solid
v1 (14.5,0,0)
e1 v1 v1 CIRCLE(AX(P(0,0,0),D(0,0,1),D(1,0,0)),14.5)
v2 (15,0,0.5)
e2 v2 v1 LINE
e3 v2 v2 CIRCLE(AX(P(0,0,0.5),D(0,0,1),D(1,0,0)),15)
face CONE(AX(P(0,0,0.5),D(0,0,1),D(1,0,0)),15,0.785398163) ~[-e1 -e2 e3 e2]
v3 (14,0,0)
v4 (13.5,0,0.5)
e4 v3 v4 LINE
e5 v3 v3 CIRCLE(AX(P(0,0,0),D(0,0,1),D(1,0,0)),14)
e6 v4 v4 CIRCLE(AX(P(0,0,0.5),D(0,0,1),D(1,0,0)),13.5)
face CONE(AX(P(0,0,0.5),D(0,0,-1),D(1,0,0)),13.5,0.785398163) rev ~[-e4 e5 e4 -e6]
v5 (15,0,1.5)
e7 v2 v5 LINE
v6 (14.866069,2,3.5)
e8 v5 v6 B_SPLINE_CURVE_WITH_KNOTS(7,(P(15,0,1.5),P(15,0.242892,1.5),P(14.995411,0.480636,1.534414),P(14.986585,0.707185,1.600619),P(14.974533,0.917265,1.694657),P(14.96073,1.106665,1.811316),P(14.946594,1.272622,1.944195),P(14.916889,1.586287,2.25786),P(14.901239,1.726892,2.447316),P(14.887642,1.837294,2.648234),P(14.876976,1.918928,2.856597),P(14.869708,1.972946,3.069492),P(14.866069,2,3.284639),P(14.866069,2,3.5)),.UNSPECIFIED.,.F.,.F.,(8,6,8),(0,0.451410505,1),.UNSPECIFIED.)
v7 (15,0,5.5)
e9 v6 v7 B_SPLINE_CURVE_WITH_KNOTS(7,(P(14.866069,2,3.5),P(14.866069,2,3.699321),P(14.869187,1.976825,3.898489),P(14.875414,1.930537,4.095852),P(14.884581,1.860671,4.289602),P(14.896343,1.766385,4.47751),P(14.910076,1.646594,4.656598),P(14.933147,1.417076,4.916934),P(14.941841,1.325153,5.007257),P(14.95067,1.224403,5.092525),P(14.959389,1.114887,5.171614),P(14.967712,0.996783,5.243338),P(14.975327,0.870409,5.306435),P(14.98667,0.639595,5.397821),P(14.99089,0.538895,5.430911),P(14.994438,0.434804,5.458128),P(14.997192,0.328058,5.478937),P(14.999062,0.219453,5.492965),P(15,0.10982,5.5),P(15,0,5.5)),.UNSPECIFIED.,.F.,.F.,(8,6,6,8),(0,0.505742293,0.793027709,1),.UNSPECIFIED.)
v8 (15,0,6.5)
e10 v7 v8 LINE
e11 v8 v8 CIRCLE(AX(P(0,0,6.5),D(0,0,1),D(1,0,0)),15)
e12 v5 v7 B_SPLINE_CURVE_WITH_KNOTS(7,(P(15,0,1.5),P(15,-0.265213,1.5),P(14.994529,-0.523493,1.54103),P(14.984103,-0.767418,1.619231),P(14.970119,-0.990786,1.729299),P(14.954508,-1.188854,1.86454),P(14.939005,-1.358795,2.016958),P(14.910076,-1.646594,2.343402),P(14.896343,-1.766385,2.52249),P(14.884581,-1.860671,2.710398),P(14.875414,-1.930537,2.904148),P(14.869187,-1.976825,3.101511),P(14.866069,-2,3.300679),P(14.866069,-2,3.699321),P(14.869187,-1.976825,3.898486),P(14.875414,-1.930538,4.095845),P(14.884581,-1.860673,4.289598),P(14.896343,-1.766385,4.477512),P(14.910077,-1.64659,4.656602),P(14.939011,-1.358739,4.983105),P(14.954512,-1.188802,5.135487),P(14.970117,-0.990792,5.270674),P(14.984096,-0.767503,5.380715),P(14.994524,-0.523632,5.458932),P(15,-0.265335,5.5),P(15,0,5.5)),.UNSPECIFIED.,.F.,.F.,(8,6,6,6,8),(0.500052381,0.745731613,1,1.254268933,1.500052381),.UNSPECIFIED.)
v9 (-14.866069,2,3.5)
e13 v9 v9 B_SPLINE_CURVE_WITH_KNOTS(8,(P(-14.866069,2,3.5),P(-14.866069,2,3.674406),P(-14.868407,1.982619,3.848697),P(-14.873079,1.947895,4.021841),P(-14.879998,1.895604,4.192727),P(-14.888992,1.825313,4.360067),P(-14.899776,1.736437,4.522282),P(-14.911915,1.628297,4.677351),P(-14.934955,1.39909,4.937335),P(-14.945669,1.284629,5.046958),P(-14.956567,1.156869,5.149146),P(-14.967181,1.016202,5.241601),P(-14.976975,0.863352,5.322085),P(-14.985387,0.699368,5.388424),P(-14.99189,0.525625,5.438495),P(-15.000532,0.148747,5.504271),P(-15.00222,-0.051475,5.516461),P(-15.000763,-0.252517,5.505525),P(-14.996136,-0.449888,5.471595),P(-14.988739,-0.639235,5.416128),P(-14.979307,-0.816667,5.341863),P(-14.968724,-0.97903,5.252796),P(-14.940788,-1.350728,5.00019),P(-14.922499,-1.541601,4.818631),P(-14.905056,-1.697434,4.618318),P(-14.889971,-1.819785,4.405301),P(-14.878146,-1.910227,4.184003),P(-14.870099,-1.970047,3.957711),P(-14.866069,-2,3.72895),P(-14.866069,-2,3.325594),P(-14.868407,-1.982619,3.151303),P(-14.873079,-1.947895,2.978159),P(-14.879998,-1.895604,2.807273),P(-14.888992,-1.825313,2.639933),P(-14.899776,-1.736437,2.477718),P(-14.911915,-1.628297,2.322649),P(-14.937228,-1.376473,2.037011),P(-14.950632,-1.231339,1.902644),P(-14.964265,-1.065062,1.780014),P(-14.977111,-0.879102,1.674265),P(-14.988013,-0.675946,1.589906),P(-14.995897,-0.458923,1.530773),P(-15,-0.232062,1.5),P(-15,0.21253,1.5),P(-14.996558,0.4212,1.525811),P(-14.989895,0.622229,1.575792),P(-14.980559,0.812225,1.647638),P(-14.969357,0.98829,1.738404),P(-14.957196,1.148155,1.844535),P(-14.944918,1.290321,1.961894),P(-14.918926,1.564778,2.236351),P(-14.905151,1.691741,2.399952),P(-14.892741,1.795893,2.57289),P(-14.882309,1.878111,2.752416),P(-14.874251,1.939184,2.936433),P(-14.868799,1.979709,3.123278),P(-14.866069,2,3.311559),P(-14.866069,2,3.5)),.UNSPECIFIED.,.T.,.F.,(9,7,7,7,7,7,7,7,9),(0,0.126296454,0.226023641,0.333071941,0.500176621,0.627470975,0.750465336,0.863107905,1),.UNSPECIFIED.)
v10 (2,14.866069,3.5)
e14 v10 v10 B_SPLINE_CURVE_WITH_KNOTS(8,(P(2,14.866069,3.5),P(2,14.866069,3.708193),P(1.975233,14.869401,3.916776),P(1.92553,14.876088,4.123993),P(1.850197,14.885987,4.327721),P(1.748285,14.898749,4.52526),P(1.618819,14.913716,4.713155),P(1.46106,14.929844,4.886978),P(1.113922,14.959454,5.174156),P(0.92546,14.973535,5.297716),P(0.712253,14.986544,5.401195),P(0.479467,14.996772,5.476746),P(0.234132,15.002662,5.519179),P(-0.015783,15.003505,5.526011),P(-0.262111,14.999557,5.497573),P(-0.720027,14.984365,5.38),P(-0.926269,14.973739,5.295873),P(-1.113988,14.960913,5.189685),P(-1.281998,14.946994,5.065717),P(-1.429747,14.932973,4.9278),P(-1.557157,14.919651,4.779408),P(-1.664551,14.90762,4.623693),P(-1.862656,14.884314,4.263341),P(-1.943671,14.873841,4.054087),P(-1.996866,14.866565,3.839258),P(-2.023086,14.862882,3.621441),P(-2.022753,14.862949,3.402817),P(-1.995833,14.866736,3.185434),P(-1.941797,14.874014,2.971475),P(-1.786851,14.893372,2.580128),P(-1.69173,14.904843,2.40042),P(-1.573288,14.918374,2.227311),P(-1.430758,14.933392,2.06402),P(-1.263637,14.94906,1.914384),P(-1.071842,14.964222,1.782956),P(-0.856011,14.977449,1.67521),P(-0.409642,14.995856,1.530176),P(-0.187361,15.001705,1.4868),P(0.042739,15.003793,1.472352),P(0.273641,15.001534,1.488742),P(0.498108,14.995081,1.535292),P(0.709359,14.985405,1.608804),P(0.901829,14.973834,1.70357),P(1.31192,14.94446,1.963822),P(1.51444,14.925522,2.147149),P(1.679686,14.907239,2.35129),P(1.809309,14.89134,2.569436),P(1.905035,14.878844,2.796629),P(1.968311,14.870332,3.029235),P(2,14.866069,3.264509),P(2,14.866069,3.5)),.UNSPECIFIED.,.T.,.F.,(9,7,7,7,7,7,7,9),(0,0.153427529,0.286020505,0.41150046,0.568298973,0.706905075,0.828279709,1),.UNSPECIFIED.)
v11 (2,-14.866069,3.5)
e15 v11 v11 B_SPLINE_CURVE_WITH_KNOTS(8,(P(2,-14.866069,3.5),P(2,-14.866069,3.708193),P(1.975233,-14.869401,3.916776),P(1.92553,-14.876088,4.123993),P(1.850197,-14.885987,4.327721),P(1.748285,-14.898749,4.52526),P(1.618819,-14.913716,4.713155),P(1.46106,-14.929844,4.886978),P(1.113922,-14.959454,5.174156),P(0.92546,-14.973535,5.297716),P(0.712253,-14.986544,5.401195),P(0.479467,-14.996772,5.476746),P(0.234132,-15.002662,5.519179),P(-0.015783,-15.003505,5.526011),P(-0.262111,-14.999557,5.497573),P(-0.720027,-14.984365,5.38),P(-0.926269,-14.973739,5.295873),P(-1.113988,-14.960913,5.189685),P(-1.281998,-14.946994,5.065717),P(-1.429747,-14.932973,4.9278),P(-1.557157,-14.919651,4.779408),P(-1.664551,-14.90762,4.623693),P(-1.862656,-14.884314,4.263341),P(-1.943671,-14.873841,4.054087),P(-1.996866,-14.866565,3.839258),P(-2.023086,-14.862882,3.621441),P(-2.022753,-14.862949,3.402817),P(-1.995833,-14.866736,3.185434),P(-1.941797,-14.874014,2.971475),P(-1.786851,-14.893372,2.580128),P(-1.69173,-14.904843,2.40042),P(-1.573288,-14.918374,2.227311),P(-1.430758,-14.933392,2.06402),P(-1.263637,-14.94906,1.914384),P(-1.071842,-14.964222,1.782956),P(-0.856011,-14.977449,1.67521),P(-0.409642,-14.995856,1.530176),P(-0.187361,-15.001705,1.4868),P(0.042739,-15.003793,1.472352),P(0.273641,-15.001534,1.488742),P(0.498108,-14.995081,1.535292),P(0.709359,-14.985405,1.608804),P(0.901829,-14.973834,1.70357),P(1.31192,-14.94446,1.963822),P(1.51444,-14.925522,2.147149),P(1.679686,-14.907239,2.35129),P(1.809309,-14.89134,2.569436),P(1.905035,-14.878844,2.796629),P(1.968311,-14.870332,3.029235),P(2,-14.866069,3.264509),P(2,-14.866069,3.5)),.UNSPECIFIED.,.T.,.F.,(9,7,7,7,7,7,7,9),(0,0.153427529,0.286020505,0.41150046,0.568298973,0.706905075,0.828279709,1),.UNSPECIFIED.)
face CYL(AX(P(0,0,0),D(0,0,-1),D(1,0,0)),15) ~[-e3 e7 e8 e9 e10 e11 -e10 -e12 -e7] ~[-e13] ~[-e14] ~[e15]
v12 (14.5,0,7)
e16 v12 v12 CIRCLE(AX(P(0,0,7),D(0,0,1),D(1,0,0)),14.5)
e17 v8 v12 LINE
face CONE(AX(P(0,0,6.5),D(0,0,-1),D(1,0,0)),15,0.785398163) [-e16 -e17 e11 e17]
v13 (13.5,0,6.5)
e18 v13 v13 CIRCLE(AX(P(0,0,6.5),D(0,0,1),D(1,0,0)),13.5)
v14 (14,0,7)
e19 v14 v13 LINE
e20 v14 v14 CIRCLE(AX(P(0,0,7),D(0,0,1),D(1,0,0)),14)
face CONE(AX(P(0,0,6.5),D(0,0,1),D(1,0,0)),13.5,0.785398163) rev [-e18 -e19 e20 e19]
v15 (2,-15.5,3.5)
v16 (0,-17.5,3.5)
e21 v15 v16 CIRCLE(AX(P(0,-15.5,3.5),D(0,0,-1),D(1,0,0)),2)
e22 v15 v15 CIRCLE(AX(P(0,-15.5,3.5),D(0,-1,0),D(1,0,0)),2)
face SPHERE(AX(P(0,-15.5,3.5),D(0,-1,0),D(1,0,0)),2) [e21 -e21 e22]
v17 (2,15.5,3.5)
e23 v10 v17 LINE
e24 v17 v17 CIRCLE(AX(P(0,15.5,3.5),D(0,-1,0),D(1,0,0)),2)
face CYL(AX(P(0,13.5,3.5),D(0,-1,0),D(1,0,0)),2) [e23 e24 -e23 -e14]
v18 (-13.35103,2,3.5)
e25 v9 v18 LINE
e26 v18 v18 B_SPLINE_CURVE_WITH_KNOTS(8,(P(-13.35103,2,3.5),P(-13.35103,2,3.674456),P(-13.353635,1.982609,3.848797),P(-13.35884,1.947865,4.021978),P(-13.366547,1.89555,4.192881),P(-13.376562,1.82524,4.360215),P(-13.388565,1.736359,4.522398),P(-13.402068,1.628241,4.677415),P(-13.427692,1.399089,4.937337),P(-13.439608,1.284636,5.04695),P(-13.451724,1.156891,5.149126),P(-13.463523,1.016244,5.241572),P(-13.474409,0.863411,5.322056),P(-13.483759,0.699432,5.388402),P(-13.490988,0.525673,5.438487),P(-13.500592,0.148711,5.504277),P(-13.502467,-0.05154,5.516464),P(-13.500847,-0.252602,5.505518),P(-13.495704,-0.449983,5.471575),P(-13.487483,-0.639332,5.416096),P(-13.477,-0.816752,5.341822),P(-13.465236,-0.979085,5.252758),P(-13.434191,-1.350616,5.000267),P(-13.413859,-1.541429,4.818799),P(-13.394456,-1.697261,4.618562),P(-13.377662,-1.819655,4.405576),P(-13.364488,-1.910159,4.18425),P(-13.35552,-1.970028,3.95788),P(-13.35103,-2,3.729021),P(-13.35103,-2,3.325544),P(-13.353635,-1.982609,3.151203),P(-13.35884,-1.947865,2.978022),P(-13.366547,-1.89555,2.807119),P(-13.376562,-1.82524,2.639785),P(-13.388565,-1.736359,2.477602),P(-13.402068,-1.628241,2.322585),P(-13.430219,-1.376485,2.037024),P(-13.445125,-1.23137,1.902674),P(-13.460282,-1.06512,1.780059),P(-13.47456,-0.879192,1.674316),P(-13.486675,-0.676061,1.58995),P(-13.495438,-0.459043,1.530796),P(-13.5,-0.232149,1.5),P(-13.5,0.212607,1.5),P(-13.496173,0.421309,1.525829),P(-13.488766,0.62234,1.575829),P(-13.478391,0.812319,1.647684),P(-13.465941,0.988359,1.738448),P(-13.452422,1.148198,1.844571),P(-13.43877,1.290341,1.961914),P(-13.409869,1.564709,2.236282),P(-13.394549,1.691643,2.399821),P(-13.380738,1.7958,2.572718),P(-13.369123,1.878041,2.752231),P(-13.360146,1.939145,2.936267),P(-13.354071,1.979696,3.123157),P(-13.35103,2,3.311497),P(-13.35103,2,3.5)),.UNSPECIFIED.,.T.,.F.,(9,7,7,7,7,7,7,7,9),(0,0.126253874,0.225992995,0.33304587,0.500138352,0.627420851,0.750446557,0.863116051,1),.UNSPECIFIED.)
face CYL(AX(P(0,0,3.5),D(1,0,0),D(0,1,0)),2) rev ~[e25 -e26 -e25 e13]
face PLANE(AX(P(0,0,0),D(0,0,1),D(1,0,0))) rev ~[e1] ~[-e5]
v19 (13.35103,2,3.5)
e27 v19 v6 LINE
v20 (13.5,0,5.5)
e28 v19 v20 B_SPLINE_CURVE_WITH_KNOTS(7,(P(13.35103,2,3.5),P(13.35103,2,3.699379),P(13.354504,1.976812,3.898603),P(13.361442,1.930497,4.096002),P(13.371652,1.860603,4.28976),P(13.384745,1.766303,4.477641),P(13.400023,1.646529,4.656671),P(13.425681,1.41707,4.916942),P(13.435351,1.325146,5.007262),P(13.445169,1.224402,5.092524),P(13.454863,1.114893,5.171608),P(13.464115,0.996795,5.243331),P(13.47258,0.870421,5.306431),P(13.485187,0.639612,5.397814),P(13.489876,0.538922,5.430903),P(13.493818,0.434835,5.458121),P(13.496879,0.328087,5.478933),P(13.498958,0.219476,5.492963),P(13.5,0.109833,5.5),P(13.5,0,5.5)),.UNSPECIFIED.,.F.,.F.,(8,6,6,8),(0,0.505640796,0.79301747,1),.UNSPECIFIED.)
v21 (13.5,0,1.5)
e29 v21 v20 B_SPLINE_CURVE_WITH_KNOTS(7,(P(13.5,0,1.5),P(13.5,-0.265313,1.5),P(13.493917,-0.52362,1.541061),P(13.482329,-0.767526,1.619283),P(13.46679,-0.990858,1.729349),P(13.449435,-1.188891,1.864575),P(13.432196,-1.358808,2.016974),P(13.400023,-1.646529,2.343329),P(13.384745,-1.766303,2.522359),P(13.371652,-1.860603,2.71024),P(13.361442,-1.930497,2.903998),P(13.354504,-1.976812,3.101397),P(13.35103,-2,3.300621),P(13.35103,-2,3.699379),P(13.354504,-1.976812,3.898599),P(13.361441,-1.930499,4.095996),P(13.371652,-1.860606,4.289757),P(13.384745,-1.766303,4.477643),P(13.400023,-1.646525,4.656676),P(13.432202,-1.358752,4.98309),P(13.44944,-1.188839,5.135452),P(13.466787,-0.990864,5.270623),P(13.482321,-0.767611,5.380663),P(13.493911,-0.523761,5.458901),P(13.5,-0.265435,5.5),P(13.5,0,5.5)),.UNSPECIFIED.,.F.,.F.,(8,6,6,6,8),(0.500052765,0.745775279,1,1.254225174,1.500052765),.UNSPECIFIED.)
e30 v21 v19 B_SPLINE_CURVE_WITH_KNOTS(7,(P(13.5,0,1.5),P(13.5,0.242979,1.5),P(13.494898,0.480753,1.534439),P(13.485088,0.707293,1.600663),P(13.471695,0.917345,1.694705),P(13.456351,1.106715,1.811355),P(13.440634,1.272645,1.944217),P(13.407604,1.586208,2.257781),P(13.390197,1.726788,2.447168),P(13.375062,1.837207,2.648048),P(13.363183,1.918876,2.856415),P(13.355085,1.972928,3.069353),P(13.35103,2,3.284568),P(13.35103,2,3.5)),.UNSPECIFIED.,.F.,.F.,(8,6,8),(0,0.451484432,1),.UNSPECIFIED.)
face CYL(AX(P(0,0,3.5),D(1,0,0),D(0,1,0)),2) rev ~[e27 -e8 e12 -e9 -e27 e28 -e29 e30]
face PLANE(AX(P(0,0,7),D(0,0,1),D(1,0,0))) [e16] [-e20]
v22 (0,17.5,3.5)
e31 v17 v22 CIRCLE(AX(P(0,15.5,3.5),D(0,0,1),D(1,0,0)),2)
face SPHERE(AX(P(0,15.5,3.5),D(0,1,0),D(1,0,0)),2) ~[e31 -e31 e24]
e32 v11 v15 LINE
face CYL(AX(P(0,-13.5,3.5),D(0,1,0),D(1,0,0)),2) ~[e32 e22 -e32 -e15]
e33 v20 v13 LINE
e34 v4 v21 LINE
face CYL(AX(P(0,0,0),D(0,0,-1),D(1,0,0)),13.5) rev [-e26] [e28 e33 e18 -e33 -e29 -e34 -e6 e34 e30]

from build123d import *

# Parameters (mm, degrees)
F0_R     = 15
F0_R_2   = 13.5
F1_DEPTH = 7
F2_R     = 2
F3_DEPTH = 20
F4_SIZE  = 0.5
F6_R     = 2
F7_DEPTH = 4
F9_R     = 2


with BuildPart() as f1:
    # F0 (on Top) → F1 (new body)
    with BuildSketch(Plane.XY):
        Circle(F0_R)
        Circle(F0_R_2, mode=Mode.SUBTRACT)
    extrude(amount=F1_DEPTH)

    # F2 (on Right) → F3 (cut, symmetric)
    with BuildSketch(Plane.YZ):
        with Locations((0, 3.5)):
            Circle(F2_R)
    extrude(amount=F3_DEPTH, both=True, mode=Mode.SUBTRACT)

    # F4
    f4_edges = [f1.edges().sort_by_distance(p)[0] for p in [
        (-15, 0, 7),
        (-13.5, 0, 7),
        (-15, 0, 0),
        (-13.5, 0, 0),
    ]]
    chamfer(f4_edges, length=F4_SIZE)

    # F6 (on offset) → F7 (join)
    with BuildSketch(Plane.XZ.offset(-13.5)):
        with Locations((0, 3.5)):
            Circle(F6_R)
    extrude(amount=-F7_DEPTH)

    # F8: F1 across plane


with BuildPart() as f1_1:
    add(f1.part)
    add(f1.part.mirror(Plane.XZ))

    # F9
    f9_edges = [f1_1.edges().sort_by_distance(p)[0] for p in [
        (-2, -17.5, 3.5),
        (-2, 17.5, 3.5),
    ]]
    fillet(f9_edges, radius=F9_R)


solid = f1_1.part
